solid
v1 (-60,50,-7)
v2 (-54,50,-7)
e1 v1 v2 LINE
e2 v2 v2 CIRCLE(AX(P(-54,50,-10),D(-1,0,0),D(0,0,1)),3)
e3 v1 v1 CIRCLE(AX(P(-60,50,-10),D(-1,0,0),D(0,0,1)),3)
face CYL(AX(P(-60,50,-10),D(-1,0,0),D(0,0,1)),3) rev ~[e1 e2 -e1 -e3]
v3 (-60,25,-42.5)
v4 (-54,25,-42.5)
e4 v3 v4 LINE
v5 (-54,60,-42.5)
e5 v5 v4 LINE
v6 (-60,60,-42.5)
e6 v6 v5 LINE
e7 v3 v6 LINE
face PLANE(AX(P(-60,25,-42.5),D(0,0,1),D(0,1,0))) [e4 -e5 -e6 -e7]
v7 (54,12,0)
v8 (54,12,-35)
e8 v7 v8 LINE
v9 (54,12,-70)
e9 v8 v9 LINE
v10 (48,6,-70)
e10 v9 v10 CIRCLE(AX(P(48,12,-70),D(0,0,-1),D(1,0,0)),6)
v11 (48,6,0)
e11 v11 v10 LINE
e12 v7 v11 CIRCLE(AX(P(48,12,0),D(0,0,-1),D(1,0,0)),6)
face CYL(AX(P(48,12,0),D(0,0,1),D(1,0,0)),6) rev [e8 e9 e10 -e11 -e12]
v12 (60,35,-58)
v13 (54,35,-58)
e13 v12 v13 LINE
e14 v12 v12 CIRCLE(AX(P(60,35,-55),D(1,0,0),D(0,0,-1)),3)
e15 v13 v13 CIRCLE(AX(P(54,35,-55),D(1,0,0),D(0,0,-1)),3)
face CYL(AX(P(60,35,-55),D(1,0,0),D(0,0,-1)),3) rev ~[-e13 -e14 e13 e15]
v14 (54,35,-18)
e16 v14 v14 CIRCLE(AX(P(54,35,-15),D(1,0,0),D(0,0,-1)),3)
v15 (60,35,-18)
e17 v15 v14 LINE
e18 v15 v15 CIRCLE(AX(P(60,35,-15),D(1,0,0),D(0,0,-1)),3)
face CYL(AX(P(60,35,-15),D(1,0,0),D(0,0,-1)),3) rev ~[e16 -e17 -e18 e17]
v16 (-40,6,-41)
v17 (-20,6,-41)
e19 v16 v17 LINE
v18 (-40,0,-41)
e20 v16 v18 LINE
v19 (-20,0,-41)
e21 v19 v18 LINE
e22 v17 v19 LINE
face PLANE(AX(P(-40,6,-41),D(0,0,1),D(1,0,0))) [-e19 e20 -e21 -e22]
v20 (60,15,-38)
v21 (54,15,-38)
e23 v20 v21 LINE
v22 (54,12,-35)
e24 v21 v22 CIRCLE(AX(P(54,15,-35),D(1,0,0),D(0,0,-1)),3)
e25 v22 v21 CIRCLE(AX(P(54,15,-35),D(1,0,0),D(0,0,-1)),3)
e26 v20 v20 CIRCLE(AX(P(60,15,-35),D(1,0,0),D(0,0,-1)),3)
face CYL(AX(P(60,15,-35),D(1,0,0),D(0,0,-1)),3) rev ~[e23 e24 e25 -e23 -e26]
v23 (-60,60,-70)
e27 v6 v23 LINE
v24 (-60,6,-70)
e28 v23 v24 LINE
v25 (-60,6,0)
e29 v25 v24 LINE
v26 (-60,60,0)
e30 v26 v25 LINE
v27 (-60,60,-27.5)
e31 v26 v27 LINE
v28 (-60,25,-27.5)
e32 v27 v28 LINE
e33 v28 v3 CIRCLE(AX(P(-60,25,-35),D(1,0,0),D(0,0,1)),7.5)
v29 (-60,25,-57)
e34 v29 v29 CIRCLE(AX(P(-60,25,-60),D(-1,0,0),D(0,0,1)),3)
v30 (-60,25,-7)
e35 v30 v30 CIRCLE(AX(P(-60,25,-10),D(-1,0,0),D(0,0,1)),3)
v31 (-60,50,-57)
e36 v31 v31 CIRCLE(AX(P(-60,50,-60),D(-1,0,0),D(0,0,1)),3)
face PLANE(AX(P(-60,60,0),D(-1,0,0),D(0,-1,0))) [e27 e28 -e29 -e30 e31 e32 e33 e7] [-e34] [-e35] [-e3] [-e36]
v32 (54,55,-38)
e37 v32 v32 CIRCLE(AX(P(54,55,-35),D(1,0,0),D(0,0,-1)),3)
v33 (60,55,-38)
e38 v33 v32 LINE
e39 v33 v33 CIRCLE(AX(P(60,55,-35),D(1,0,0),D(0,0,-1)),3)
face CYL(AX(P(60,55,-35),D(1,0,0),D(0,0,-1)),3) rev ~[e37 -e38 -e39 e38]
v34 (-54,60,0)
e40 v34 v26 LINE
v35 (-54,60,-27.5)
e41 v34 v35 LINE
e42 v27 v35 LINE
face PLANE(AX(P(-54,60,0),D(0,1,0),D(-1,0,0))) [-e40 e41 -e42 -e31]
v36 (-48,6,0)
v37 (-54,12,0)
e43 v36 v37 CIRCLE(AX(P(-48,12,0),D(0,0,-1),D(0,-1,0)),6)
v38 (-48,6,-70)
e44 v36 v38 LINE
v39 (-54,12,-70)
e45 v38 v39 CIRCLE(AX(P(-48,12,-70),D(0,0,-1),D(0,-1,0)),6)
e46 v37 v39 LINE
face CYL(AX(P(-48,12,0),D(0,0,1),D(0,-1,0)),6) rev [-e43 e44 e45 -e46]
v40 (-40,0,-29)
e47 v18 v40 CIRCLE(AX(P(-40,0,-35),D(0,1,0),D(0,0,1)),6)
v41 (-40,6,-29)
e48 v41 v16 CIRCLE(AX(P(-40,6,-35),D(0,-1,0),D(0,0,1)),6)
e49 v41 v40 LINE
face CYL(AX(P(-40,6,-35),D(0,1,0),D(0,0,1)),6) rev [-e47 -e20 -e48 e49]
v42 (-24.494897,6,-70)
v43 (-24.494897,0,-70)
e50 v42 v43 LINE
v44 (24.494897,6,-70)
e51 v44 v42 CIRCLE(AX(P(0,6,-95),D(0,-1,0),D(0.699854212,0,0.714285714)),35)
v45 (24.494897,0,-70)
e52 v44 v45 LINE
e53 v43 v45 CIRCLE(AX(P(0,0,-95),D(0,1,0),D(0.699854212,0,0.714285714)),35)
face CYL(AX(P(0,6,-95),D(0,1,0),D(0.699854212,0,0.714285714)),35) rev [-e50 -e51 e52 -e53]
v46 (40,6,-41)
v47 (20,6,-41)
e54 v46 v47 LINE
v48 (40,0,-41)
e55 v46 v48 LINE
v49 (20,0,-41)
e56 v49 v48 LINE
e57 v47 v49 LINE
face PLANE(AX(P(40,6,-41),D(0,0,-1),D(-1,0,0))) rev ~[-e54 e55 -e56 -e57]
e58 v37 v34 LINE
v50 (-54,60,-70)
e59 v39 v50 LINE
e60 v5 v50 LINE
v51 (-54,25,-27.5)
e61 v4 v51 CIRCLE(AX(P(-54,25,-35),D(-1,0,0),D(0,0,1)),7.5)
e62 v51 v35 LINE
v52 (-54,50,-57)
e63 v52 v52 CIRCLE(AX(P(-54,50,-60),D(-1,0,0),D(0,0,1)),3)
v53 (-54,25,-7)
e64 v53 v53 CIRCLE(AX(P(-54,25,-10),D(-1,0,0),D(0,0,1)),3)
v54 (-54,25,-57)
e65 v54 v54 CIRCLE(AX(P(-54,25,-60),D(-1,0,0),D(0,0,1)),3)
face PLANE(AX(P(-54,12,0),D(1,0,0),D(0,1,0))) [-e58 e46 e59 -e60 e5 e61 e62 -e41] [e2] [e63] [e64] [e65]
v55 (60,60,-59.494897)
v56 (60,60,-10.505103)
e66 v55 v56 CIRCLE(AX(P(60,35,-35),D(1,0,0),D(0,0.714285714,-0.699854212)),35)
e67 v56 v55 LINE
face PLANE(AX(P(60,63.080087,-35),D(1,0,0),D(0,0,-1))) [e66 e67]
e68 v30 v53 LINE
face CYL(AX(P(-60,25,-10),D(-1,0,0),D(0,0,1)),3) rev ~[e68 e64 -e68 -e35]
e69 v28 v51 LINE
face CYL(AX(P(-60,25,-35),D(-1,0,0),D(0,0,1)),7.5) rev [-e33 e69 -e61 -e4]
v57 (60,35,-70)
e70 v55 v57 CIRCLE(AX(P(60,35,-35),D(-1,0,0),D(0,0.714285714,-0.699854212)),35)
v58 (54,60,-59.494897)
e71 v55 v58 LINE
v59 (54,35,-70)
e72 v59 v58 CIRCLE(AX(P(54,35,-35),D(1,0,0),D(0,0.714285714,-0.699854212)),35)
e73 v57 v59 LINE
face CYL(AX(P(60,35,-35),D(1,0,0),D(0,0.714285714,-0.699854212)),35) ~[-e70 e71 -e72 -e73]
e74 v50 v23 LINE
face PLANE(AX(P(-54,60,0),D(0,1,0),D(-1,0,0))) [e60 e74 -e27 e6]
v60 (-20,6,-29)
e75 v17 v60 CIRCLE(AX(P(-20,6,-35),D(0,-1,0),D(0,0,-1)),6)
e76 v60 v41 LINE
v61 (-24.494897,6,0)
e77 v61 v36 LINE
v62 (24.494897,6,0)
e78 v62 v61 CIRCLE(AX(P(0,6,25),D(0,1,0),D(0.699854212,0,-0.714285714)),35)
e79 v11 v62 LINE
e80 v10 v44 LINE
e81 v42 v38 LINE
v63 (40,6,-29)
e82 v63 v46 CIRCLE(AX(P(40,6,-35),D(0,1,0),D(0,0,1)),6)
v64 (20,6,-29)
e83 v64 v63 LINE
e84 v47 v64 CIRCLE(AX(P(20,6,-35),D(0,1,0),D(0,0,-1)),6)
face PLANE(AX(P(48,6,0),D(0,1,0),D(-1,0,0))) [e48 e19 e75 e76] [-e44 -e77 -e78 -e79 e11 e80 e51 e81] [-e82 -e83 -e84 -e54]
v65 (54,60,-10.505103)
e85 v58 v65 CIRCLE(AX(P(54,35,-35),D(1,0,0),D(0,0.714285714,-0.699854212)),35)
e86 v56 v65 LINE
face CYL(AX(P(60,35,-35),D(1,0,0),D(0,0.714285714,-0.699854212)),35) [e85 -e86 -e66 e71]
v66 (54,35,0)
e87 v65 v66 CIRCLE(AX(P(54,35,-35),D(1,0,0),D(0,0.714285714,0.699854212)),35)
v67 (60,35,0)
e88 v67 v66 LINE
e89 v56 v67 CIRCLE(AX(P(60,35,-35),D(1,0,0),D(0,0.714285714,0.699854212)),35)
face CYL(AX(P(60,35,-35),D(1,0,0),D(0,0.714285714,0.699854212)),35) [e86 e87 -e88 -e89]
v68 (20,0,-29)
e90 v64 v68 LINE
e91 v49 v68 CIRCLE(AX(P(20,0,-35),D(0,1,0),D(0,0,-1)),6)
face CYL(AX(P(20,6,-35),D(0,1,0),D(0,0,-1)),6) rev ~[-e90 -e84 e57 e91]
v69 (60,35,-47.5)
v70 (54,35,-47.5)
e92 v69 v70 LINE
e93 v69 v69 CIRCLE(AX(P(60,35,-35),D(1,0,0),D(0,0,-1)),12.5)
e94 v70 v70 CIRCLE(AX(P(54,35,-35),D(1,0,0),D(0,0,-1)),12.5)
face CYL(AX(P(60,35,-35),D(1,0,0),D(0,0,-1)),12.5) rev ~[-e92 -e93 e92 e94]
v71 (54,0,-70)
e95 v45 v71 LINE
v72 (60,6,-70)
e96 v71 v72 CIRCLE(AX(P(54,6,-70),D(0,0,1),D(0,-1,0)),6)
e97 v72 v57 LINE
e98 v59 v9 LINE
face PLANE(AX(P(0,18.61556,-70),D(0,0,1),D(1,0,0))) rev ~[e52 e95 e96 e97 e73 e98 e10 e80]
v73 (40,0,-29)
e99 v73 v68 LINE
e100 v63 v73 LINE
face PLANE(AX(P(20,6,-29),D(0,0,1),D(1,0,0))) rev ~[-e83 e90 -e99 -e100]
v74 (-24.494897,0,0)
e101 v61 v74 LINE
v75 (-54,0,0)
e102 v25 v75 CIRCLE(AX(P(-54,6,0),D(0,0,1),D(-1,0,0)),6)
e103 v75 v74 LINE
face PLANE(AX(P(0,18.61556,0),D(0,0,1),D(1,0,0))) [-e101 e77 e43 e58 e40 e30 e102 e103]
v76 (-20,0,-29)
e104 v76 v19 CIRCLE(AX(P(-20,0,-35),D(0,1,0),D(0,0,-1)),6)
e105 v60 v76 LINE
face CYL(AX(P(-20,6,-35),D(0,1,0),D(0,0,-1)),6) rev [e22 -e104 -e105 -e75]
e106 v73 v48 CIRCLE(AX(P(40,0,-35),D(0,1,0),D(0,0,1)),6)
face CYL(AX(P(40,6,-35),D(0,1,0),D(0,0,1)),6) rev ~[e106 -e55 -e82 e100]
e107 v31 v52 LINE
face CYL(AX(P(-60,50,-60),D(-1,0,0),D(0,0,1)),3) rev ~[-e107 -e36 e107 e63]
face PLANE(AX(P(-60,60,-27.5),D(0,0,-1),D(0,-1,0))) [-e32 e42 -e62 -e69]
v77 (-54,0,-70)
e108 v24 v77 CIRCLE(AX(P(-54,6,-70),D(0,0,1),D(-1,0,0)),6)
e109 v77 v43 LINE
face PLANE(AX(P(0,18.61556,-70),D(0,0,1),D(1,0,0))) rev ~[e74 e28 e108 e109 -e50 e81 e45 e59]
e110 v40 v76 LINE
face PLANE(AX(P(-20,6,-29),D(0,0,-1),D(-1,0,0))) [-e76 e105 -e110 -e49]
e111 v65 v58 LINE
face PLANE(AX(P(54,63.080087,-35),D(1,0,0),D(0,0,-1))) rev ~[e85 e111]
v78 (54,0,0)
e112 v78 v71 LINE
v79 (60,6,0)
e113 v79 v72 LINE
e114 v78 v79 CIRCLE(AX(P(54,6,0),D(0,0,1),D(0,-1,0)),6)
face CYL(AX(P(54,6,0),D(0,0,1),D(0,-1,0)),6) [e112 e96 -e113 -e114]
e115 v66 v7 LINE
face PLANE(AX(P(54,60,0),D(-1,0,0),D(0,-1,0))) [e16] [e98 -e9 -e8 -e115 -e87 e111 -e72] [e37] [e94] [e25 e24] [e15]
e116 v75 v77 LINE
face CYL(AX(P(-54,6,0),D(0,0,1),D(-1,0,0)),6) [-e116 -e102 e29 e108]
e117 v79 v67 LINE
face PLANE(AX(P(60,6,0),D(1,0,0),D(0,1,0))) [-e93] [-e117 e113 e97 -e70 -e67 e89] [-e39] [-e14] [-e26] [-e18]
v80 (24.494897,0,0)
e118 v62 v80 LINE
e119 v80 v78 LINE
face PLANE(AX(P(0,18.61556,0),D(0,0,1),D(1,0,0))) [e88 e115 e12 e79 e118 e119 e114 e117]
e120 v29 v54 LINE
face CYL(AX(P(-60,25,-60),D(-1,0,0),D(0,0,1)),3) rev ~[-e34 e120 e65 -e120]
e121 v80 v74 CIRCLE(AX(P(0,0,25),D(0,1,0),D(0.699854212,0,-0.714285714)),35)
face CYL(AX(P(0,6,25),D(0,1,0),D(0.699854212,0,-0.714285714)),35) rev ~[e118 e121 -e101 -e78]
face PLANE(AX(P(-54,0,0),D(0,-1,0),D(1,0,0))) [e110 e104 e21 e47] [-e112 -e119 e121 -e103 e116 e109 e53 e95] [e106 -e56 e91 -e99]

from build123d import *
from build123d.topology import SkipClean

# Parameters (mm, degrees)
BASEPLATEEXTRUDE_DEPTH = 70
FEATUREOP1_DEPTH       = 33
FEATUREOP2_DEPTH       = 6
SKETCH4_R              = 12.5
FEATUREOP3_DEPTH       = 16
SKETCH5_R              = 3
FEATUREOP4_DEPTH       = 16
SKETCH6_R              = 3
FEATUREOP5_DEPTH       = 16
FEATUREOP6_DEPTH       = 16


with BuildPart() as part:
    # Sketch1 → BasePlateExtrude (new body)
    with BuildSketch(Plane.XY):
        with BuildLine():
            Line((-54, 0), (54, 0))
            ThreePointArc((54, 0), (58.242640687, 1.757359313), (60, 6))
            Line((60, 6), (60, 60))
            Line((60, 60), (54, 60))
            Line((54, 60), (54, 12))
            ThreePointArc((54, 12), (52.242640687, 7.757359313), (48, 6))
            Line((48, 6), (-48, 6))
            ThreePointArc((-48, 6), (-52.242640687, 7.757359313), (-54, 12))
            Line((-54, 12), (-54, 60))
            Line((-54, 60), (-60, 60))
            Line((-60, 60), (-60, 6))
            ThreePointArc((-60, 6), (-58.242640687, 1.757359313), (-54, 0))
        make_face()
    extrude(amount=-BASEPLATEEXTRUDE_DEPTH)

    # Sketch2 → FeatureOp1 (cut)
    with BuildSketch(Plane(origin=(60, 0, 0), x_dir=(0, 0, -1), z_dir=(1, 0, 0))):
        with BuildLine():
            Line((0, 35), (0, 60))
            Line((0, 60), (10.505102572, 60))
            ThreePointArc((10.505102572, 60), (2.732978058, 48.558735008), (0, 35))
        make_face()
        with BuildLine():
            Line((70, 35), (70, 60))
            Line((70, 60), (59.494897428, 60))
            ThreePointArc((59.494897428, 60), (67.267021942, 48.558735008), (70, 35))
        make_face()
    extrude(amount=-FEATUREOP1_DEPTH, mode=Mode.SUBTRACT)

    # Sketch3 → FeatureOp2 (add)
    with SkipClean():  # the faces are left unmerged after this step: merging them gives an invalid solid
        with BuildSketch(Plane(origin=(60, 0, 0), x_dir=(0, 0, -1), z_dir=(1, 0, 0))):
            with BuildLine():
                Line((10.505102572, 60), (59.494897428, 60))
                ThreePointArc((59.494897428, 60), (35, 70), (10.505102572, 60))
            make_face()
        extrude(amount=-FEATUREOP2_DEPTH)

    # Sketch4 → FeatureOp3 (cut)
    with SkipClean():  # the faces are left unmerged after this step: merging them gives an invalid solid
        with BuildSketch(Plane(origin=(60, 0, 0), x_dir=(0, 0, -1), z_dir=(1, 0, 0))):
            with Locations((35, 35)):
                Circle(SKETCH4_R)
        extrude(amount=-FEATUREOP3_DEPTH, mode=Mode.SUBTRACT)

    # Sketch5 → FeatureOp4 (cut)
    with SkipClean():  # the faces are left unmerged after this step: merging them gives an invalid solid
        with BuildSketch(Plane(origin=(60, 0, 0), x_dir=(0, 0, -1), z_dir=(1, 0, 0))):
            with Locations((35, 55)):
                Circle(SKETCH5_R)
            with Locations((55, 35)):
                Circle(SKETCH5_R)
            with Locations((35, 15)):
                Circle(SKETCH5_R)
            with Locations((15, 35)):
                Circle(SKETCH5_R)
        extrude(amount=-FEATUREOP4_DEPTH, mode=Mode.SUBTRACT)

    # Sketch6 → FeatureOp5 (cut)
    with SkipClean():  # the faces are left unmerged after this step: merging them gives an invalid solid
        with BuildSketch(Plane.ZY.offset(60)):
            with Locations((-60, 50)):
                Circle(SKETCH6_R)
            with Locations((-60, 25)):
                Circle(SKETCH6_R)
            with Locations((-10, 50)):
                Circle(SKETCH6_R)
            with Locations((-10, 25)):
                Circle(SKETCH6_R)
            with BuildLine():
                Line((-42.5, 60), (-27.5, 60))
                Line((-27.5, 60), (-27.5, 25))
                ThreePointArc((-27.5, 25), (-35, 17.5), (-42.5, 25))
                Line((-42.5, 25), (-42.5, 60))
            make_face()
        extrude(amount=-FEATUREOP5_DEPTH, mode=Mode.SUBTRACT)

    # Sketch7 → FeatureOp6 (cut)
    with SkipClean():  # the faces are left unmerged after this step: merging them gives an invalid solid
        with BuildSketch(Plane(origin=(0, 6, 0), x_dir=(1, 0, 0), z_dir=(0, 1, 0))):
            with BuildLine():
                Line((-40, 41), (-20, 41))
                ThreePointArc((-20, 41), (-14, 35), (-20, 29))
                Line((-20, 29), (-40, 29))
                ThreePointArc((-40, 29), (-46, 35), (-40, 41))
            make_face()
            with BuildLine():
                Line((20, 29), (40, 29))
                ThreePointArc((40, 29), (46, 35), (40, 41))
                Line((40, 41), (20, 41))
                ThreePointArc((20, 41), (14, 35), (20, 29))
            make_face()
            with BuildLine():
                Line((-24.494897428, 0), (24.494897428, 0))
                ThreePointArc((24.494897428, 0), (0, 10), (-24.494897428, 0))
            make_face()
            with BuildLine():
                Line((-24.494897428, 70), (24.494897428, 70))
                ThreePointArc((24.494897428, 70), (0, 60), (-24.494897428, 70))
            make_face()
        extrude(amount=-FEATUREOP6_DEPTH, mode=Mode.SUBTRACT)


solid = part.part
